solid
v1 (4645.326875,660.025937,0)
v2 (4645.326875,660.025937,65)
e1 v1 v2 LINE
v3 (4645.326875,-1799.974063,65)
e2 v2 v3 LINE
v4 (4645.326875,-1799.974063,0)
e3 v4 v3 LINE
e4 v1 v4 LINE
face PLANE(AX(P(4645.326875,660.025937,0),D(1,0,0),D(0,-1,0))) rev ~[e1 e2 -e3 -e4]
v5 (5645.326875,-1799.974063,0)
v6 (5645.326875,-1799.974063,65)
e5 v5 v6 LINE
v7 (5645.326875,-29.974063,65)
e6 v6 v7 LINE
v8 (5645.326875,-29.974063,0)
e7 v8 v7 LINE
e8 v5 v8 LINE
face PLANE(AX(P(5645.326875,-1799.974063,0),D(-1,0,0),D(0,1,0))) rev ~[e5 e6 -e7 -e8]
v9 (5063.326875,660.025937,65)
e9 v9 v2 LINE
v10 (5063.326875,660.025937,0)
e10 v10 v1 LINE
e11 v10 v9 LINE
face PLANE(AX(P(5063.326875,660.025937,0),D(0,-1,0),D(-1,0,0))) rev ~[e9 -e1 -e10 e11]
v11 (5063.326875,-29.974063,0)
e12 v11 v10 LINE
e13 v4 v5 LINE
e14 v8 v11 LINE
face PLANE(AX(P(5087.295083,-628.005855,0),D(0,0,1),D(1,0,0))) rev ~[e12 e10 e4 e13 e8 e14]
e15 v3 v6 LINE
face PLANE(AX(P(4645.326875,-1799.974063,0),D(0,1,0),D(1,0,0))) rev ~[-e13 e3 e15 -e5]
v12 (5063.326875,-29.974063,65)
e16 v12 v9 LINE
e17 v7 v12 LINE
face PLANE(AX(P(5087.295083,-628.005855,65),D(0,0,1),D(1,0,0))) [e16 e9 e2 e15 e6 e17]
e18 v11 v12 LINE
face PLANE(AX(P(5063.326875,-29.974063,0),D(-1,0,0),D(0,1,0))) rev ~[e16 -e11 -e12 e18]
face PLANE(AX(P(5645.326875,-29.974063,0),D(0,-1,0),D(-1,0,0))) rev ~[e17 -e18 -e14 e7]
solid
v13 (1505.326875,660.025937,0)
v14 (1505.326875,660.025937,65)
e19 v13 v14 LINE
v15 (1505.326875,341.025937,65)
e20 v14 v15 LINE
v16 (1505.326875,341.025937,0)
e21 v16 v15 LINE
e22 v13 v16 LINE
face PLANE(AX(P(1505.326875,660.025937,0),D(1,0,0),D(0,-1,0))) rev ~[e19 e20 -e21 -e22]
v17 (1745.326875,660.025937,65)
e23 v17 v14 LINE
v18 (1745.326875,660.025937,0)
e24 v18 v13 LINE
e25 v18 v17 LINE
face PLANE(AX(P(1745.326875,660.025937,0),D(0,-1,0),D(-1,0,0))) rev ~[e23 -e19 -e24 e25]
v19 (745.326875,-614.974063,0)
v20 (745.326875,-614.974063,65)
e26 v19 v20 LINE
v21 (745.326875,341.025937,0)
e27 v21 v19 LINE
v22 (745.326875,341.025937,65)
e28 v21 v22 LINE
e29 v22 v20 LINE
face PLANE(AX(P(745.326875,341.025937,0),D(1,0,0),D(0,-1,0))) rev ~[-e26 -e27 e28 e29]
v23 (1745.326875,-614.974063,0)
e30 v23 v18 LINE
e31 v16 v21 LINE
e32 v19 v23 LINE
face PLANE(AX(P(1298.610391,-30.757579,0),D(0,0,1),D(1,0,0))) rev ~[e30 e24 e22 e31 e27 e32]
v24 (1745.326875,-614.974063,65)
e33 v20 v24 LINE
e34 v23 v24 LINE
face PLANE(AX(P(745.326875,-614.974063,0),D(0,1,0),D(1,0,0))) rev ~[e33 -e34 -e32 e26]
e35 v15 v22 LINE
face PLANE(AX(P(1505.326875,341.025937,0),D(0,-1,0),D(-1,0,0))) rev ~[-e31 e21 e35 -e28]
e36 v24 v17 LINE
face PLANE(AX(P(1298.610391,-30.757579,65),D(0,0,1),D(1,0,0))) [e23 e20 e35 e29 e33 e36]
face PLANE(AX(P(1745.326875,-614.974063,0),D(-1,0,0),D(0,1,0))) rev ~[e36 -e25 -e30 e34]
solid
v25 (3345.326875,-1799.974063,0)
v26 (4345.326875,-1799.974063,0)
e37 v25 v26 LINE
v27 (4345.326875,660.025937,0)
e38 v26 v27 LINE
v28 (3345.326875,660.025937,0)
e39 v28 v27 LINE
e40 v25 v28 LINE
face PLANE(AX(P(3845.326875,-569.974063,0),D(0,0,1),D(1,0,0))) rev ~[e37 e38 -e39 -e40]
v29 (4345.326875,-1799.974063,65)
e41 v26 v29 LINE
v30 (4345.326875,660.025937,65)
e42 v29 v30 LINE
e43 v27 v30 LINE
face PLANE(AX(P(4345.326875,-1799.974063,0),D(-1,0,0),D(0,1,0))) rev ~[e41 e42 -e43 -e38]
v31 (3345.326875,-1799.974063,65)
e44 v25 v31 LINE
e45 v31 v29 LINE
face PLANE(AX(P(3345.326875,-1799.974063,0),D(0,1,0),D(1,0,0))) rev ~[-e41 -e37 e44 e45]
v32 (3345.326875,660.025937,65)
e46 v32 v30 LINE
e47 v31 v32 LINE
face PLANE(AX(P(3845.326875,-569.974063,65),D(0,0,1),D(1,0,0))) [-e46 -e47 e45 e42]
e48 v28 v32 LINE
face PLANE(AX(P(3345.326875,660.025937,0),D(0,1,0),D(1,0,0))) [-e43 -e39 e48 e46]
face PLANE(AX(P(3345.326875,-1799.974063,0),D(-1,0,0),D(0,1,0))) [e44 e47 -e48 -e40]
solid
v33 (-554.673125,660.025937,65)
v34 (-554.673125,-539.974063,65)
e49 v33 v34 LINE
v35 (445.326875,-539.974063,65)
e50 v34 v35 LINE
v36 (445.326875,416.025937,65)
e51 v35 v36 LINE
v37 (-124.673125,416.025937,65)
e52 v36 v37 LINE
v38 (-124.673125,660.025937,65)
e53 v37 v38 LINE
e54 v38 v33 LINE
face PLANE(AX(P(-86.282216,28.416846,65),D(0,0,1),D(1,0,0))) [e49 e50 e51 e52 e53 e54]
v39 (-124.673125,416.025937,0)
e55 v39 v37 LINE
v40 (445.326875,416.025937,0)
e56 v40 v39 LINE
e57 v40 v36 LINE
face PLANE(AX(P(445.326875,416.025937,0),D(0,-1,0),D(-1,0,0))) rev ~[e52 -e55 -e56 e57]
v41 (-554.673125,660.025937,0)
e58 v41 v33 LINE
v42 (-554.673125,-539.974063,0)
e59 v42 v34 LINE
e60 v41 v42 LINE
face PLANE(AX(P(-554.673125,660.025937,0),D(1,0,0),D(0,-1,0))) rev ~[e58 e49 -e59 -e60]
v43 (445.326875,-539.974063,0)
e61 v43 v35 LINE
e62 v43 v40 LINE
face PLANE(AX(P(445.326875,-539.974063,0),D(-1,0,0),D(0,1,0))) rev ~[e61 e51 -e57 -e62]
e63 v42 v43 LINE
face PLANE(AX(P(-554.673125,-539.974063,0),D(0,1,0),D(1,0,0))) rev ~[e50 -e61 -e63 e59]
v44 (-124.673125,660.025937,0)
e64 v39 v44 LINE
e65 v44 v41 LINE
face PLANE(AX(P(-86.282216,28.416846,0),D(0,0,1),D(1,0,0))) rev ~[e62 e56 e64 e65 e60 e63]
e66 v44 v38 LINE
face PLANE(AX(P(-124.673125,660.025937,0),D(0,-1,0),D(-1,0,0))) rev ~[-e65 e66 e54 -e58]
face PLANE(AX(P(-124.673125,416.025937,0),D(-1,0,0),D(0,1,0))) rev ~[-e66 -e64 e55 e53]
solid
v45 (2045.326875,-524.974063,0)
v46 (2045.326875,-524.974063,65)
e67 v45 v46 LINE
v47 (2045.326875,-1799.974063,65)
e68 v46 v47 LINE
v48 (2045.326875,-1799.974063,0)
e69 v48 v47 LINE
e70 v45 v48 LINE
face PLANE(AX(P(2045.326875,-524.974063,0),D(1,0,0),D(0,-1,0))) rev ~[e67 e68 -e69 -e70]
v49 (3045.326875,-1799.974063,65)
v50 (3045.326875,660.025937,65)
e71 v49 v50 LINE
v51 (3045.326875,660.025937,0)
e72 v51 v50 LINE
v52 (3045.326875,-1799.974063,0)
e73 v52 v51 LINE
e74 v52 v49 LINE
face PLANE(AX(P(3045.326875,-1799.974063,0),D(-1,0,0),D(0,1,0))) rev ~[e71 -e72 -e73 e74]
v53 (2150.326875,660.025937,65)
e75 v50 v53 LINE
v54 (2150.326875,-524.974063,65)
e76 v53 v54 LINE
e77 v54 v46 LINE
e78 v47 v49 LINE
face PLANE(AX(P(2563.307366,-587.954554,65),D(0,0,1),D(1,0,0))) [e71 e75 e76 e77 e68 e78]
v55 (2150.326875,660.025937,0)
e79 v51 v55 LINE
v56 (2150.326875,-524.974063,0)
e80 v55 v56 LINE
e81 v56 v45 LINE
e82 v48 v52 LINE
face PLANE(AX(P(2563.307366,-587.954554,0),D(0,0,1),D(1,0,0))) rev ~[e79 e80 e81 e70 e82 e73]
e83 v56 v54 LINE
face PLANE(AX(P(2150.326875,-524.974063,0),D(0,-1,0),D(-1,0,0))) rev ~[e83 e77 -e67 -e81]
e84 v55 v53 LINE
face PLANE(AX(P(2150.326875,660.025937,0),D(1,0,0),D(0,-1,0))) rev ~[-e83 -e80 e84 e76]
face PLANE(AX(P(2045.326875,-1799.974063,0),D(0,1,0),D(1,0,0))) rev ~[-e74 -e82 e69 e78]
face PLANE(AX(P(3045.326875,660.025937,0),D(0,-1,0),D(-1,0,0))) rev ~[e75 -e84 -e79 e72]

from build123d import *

# Parameters (mm, degrees)
F0_W     = 1000
F0_H     = 2460
F1_DEPTH = 65


with BuildPart() as f1:
    # F0 (on Top) → F1 (new body)
    with BuildSketch(Plane.XY):
        Polygon((-124.673125, 660.025937), (-554.673125, 660.025937), (-554.673125, -539.974063), (445.326875, -539.974063), (445.326875, 416.025937), (-124.673125, 416.025937), align=None)
        Polygon((745.326875, 341.025937), (745.326875, -614.974063), (1745.326875, -614.974063), (1745.326875, 660.025937), (1505.326875, 660.025937), (1505.326875, 341.025937), align=None)
        Polygon((3045.326875, 660.025937), (2150.326875, 660.025937), (2150.326875, -524.974063), (2045.326875, -524.974063), (2045.326875, -1799.974063), (3045.326875, -1799.974063), align=None)
        with Locations((3845.326875, -569.974063)):
            Rectangle(F0_W, F0_H)
        Polygon((5063.326875, 660.025937), (4645.326875, 660.025937), (4645.326875, -1799.974063), (5645.326875, -1799.974063), (5645.326875, -29.974063), (5063.326875, -29.974063), align=None)
    extrude(amount=F1_DEPTH)


solid = f1.part
